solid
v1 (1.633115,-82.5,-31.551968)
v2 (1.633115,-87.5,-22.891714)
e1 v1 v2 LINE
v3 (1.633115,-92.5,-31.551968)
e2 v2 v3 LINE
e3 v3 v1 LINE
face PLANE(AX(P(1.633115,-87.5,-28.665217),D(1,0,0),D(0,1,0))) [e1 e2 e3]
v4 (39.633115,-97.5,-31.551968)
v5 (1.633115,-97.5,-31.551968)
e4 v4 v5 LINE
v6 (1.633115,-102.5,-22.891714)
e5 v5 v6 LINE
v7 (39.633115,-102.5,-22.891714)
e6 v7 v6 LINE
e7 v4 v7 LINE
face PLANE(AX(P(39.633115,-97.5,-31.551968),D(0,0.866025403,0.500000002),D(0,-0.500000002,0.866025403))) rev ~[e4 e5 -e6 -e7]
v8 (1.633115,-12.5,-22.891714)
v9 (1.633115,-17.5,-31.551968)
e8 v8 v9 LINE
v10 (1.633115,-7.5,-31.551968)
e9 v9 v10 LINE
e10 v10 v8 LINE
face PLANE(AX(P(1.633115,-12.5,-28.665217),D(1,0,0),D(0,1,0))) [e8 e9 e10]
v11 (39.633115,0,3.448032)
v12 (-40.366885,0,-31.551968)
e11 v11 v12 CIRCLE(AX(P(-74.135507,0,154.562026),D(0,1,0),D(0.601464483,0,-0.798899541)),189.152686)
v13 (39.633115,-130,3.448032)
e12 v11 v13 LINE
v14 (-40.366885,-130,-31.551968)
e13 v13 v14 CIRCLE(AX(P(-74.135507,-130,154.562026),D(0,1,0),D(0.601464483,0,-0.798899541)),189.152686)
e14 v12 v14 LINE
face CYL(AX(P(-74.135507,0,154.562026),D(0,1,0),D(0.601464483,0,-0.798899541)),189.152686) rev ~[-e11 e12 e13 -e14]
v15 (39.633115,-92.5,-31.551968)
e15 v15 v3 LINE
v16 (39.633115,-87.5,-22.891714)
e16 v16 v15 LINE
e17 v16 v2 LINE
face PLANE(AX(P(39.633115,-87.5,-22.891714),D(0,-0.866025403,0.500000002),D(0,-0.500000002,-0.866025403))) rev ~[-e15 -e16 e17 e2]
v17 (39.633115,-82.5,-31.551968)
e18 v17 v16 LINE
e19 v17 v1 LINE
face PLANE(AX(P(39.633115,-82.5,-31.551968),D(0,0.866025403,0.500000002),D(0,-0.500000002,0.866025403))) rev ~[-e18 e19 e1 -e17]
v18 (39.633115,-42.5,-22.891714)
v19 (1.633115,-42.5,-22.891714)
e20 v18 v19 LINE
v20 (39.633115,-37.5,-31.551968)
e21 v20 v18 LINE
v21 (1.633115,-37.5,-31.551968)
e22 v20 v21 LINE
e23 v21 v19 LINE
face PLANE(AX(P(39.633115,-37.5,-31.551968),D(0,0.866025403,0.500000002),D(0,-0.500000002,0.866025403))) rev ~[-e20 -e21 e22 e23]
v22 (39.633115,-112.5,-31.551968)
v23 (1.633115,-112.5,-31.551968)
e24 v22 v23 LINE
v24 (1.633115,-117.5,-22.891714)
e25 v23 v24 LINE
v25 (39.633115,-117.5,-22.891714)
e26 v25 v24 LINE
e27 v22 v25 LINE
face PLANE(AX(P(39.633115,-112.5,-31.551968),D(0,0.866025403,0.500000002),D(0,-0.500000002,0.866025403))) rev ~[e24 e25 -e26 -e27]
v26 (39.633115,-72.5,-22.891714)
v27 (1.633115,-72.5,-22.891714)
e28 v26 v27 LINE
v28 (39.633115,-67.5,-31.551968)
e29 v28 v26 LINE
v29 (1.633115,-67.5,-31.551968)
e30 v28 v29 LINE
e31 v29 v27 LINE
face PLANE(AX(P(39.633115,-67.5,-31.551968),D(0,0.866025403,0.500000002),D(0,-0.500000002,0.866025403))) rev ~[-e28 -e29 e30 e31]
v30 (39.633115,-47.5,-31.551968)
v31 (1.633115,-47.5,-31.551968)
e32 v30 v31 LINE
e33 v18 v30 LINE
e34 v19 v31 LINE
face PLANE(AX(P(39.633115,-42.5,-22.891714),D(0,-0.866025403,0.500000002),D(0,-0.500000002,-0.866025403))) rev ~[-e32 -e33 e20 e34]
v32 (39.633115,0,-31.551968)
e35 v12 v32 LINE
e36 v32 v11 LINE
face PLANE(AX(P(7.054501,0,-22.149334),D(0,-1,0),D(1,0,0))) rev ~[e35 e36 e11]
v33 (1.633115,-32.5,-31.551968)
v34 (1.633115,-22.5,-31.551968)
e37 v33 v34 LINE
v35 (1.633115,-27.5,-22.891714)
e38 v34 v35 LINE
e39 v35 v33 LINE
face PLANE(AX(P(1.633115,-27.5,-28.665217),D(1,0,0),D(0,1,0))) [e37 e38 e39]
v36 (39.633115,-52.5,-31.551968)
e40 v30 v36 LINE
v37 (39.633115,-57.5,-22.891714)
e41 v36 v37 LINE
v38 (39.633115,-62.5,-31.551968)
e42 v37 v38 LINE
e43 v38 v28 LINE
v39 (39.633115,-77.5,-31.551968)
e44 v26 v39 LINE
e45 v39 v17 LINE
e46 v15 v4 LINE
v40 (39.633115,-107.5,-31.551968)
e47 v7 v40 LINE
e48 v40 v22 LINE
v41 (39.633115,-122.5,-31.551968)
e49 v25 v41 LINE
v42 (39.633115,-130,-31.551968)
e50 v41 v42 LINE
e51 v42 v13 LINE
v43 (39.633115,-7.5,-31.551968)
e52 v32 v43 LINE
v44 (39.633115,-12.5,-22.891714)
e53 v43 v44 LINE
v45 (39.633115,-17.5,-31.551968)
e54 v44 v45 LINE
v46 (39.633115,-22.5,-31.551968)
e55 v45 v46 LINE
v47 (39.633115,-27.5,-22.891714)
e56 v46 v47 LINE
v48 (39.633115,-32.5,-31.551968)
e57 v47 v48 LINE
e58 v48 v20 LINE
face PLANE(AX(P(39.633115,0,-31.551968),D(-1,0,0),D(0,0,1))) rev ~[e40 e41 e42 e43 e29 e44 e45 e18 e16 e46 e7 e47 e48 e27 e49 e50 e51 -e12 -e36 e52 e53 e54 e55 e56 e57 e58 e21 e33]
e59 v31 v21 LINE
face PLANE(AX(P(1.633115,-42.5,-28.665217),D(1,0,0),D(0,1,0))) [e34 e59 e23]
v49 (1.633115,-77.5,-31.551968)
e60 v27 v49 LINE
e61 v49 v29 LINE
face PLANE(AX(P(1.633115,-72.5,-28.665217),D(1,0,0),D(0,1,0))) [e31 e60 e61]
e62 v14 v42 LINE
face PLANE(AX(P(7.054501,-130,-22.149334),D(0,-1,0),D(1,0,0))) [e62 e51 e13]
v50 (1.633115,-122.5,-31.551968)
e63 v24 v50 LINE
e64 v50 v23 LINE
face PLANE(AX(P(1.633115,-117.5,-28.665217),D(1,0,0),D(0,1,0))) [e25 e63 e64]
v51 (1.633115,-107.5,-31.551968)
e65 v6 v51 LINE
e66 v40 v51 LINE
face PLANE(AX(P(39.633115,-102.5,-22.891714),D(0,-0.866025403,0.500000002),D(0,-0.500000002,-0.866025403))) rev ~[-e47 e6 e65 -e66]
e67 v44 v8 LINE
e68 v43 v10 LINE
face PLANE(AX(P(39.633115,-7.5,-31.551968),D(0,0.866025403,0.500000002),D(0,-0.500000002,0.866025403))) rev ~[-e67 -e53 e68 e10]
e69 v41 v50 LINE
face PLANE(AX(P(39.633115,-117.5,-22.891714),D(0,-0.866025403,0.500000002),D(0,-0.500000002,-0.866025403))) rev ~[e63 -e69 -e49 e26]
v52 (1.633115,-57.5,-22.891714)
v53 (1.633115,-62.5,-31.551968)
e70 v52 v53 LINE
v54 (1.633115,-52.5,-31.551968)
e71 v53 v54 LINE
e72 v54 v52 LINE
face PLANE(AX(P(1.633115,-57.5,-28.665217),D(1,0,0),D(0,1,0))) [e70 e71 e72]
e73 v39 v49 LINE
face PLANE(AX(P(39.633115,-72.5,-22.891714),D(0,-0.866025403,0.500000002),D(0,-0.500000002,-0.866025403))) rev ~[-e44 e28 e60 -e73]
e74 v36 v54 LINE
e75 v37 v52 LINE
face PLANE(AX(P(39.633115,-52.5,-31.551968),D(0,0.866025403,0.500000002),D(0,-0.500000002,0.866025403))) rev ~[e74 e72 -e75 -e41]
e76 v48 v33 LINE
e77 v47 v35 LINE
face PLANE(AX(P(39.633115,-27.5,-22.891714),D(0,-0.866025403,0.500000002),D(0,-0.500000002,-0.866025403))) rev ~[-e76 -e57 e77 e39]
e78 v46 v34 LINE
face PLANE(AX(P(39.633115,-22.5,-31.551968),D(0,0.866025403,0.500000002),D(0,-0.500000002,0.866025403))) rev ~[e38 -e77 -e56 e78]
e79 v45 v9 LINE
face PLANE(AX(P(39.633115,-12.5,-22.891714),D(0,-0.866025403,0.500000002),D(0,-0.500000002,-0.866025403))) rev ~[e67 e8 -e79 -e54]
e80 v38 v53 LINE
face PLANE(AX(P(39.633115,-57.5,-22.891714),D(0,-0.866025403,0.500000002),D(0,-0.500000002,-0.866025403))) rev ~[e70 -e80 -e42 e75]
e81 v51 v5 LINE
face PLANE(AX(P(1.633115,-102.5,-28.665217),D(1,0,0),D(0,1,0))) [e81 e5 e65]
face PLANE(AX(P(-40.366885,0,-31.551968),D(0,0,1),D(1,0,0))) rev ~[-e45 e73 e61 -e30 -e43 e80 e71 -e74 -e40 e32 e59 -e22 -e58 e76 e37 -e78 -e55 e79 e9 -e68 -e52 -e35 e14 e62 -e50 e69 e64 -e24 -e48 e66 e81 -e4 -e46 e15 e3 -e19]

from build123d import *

# Parameters (mm, degrees)
F1_DEPTH = 130
F3_DEPTH = 38


with BuildPart() as f1:
    # F0 (on Front) → F1 (new body)
    with BuildSketch(Plane.XZ):
        with BuildLine():
            ThreePointArc((39.633115, 3.448032), (1.680451, -18.731595), (-40.366885, -31.551968))
            Line((-40.366885, -31.551968), (39.633115, -31.551968))
            Line((39.633115, -31.551968), (39.633115, 3.448032))
        make_face()
    extrude(amount=F1_DEPTH)

    # F2 (on face) → F3 (cut)
    with BuildSketch(Plane.YZ.offset(39.633115)):
        Polygon((-117.5, -22.891714), (-122.5, -31.551968), (-112.5, -31.551968), align=None)
        Polygon((-102.5, -22.891714), (-107.5, -31.551968), (-97.5, -31.551968), align=None)
        Polygon((-87.5, -22.891714), (-92.5, -31.551968), (-82.5, -31.551968), align=None)
        Polygon((-72.5, -22.891714), (-77.5, -31.551968), (-67.5, -31.551968), align=None)
        Polygon((-57.5, -22.891714), (-62.5, -31.551968), (-52.5, -31.551968), align=None)
        Polygon((-47.5, -31.551968), (-37.5, -31.551968), (-42.5, -22.891714), align=None)
        Polygon((-32.5, -31.551968), (-22.5, -31.551968), (-27.5, -22.891714), align=None)
        Polygon((-17.5, -31.551968), (-7.5, -31.551968), (-12.5, -22.891714), align=None)
    extrude(amount=-F3_DEPTH, mode=Mode.SUBTRACT)


solid = f1.part
